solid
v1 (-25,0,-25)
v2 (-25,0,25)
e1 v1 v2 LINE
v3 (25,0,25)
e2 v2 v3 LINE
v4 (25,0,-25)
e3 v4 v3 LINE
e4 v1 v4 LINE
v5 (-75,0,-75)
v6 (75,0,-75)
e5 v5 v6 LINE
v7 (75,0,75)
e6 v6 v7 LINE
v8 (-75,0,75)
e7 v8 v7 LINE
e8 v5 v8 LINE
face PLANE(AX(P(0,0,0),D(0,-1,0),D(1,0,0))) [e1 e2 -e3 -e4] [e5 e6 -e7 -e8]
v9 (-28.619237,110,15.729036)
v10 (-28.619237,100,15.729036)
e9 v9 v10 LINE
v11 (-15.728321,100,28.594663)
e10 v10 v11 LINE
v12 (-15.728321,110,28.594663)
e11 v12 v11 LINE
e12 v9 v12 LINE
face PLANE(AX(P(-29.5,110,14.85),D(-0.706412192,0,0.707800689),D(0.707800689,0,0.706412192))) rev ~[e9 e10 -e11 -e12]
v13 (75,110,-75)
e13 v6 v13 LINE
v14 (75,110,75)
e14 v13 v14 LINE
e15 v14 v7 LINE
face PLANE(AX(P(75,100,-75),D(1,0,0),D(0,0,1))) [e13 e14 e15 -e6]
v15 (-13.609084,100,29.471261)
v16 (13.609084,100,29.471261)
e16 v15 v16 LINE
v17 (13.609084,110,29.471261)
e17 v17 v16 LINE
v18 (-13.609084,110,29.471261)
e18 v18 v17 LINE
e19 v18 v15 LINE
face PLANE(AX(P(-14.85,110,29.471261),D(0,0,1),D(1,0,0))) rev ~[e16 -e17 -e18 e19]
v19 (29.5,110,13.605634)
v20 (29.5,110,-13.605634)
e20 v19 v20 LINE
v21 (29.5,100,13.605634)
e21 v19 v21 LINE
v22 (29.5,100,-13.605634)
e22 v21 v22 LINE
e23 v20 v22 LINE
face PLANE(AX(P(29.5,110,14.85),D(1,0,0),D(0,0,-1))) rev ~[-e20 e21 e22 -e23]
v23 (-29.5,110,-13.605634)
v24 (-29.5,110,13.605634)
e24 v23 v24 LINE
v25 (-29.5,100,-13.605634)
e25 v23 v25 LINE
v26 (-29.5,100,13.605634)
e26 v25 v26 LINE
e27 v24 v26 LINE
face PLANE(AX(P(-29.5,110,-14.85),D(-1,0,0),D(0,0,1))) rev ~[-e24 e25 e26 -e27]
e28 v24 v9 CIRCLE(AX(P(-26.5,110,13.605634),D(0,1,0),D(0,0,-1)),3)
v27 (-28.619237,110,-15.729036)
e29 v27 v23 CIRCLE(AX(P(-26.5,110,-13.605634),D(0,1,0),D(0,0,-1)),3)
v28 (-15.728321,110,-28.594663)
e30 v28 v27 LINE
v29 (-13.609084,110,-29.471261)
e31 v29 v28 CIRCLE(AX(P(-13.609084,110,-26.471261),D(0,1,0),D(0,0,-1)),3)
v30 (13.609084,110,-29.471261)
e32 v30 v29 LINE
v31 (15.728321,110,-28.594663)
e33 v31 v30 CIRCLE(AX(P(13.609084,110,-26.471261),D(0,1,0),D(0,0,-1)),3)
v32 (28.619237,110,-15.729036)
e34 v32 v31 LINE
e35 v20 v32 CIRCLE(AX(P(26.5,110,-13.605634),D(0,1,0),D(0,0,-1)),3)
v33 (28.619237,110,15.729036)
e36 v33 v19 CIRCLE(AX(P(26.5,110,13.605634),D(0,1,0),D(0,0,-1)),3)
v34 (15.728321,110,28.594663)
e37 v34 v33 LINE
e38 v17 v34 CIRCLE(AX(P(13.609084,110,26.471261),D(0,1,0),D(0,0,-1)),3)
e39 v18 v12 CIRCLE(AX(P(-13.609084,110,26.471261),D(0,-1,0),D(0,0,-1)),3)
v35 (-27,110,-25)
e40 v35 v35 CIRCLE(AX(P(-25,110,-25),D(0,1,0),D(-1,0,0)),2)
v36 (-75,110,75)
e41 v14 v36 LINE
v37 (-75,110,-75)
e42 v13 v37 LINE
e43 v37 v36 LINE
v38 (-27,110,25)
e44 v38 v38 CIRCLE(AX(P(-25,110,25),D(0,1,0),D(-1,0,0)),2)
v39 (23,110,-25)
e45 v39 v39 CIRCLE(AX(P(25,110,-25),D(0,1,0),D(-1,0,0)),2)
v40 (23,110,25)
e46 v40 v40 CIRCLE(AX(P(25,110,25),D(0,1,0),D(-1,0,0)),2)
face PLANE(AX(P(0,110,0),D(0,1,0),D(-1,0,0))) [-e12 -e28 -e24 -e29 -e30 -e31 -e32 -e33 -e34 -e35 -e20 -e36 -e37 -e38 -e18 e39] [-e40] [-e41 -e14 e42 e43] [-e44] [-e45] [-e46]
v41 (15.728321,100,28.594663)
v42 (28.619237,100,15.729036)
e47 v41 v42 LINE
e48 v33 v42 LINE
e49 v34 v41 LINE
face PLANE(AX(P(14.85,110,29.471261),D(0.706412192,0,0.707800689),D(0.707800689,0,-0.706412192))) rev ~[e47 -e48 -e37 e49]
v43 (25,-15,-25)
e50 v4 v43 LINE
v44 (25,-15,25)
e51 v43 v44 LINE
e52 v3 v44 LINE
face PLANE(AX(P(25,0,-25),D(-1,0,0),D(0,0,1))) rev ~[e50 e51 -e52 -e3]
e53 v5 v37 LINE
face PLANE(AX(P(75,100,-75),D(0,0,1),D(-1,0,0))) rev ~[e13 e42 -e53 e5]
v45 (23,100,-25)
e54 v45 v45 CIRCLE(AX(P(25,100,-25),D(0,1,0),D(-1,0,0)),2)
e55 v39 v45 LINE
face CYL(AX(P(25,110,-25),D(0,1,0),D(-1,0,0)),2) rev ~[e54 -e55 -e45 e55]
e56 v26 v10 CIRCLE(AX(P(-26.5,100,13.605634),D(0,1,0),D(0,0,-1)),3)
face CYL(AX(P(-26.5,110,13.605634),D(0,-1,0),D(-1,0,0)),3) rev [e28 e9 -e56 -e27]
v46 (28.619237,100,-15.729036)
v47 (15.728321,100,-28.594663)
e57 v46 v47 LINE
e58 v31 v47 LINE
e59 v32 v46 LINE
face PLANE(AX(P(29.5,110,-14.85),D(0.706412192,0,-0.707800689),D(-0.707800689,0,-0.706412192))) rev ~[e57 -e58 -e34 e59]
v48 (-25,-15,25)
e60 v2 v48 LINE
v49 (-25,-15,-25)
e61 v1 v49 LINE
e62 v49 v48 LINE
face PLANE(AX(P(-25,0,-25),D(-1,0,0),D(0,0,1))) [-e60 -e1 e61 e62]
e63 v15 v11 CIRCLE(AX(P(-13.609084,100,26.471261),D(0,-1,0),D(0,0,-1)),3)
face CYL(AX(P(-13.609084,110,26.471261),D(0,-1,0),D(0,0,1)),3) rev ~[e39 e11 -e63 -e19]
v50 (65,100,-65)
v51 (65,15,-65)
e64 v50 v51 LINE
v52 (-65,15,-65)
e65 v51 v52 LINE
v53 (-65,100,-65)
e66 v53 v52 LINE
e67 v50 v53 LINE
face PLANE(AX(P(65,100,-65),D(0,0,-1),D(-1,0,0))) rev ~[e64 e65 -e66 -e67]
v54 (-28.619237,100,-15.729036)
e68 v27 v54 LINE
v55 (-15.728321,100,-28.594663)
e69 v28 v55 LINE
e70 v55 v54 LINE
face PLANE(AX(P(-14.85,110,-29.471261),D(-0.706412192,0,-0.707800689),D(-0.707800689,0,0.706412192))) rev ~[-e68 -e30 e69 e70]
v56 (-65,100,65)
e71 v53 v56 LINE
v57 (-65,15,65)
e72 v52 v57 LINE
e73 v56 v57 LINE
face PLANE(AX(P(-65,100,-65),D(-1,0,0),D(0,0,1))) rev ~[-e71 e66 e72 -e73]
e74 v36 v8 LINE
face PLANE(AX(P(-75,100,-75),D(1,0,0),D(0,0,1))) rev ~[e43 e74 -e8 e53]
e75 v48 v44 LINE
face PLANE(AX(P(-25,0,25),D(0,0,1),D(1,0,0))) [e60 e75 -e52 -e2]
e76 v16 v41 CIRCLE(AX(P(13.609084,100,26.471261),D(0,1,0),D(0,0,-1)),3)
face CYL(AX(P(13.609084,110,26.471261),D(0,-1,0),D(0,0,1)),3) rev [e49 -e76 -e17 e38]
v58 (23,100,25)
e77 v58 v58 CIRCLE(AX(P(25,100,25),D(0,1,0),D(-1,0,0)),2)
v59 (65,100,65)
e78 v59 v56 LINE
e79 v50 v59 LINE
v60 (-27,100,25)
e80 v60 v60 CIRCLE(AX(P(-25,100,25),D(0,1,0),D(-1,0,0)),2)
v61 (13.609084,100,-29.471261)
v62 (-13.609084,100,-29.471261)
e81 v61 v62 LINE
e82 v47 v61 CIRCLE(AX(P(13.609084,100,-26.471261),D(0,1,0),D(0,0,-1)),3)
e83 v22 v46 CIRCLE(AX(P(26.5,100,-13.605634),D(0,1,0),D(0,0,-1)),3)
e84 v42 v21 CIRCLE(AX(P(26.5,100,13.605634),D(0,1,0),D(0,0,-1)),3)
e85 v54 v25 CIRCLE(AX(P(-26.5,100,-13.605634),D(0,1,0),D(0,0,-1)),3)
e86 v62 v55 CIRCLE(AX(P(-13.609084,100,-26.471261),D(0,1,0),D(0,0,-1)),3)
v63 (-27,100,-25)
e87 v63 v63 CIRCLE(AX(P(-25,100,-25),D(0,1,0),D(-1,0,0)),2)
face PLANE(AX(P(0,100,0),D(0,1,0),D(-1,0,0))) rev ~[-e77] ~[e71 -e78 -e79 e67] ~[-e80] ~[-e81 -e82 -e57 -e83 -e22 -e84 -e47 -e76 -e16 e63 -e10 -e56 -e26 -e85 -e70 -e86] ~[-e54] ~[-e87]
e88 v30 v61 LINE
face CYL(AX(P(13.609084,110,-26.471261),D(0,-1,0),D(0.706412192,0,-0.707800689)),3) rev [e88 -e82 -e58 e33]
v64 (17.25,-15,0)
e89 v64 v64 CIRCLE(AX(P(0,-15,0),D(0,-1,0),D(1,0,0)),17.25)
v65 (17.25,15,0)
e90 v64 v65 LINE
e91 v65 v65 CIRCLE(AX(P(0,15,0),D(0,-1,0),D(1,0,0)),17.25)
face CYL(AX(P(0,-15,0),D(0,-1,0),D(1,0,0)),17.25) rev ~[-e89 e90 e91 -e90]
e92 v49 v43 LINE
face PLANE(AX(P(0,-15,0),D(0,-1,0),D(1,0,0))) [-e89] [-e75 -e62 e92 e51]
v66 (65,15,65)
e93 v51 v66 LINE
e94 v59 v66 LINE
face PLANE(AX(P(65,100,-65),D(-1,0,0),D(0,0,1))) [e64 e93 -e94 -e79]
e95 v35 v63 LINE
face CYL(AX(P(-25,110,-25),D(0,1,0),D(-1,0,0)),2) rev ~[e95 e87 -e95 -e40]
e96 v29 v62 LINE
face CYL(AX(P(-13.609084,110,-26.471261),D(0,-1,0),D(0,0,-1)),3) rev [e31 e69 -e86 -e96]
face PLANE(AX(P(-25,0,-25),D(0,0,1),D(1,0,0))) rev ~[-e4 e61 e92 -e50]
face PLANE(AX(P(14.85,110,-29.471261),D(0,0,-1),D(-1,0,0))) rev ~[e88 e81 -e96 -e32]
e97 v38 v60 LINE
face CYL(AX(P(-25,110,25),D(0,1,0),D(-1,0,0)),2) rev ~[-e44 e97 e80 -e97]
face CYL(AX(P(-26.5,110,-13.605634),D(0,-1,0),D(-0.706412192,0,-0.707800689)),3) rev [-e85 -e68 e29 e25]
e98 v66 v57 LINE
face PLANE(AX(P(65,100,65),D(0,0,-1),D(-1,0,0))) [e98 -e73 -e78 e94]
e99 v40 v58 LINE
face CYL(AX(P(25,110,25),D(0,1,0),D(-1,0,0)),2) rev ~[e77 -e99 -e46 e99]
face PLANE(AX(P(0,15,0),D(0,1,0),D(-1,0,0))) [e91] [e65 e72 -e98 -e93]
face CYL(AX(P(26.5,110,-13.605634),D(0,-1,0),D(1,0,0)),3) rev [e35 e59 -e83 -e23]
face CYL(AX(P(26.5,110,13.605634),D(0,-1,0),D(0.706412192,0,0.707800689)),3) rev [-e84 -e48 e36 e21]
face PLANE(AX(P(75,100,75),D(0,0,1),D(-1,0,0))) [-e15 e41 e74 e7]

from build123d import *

# Parameters (mm, degrees)
F0_W      = 150
F0_H      = 150
F1_DEPTH  = 100
F2_W      = 130
F2_H      = 130
F3_DEPTH  = 85
F4_W      = 150
F4_H      = 150
F5_DEPTH  = 10
F6_W      = 50
F6_H      = 50
F7_DEPTH  = 15
F8_R      = 17.25
F9_DEPTH  = 30
F10_R     = 2
F11_DEPTH = 10
F13_DEPTH = 10
F14_R     = 3


with BuildPart() as f1:
    # F0 (on Front) → F1 (new body)
    with BuildSketch(Plane.XZ):
        Rectangle(F0_W, F0_H)
    extrude(amount=-F1_DEPTH)

    # F2 (on face) → F3 (cut)
    with BuildSketch(Plane(origin=(0, 100, 0), x_dir=(-1, 0, 0), z_dir=(0, 1, 0))):
        Rectangle(F2_W, F2_H)
    extrude(amount=-F3_DEPTH, mode=Mode.SUBTRACT)

    # F4 (on face) → F5 (join)
    with BuildSketch(Plane(origin=(0, 100, 0), x_dir=(-1, 0, 0), z_dir=(0, 1, 0))):
        Rectangle(F4_W, F4_H)
    extrude(amount=F5_DEPTH)

    # F6 (on face) → F7 (join)
    with BuildSketch(Plane.XZ):
        Rectangle(F6_W, F6_H)
    extrude(amount=F7_DEPTH)

    # F8 (on face) → F9 (cut, through all)
    with BuildSketch(Plane.XZ.offset(15)):
        Circle(F8_R)
    extrude(amount=-F9_DEPTH, mode=Mode.SUBTRACT)

    # F10 (on face) → F11 (cut, through all)
    with BuildSketch(Plane(origin=(0, 110, 0), x_dir=(-1, 0, 0), z_dir=(0, 1, 0))):
        with Locations((25, 25)):
            Circle(F10_R)
        with Locations((25, -25)):
            Circle(F10_R)
        with Locations((-25, 25)):
            Circle(F10_R)
        with Locations((-25, -25)):
            Circle(F10_R)
    extrude(amount=-F11_DEPTH, mode=Mode.SUBTRACT)

    # F12 (on face) → F13 (cut, through all)
    with BuildSketch(Plane(origin=(0, 110, 0), x_dir=(-1, 0, 0), z_dir=(0, 1, 0))):
        Polygon((14.85, 29.471261), (-14.85, 29.471261), (-29.5, 14.85), (-29.5, -14.85), (-14.85, -29.471261), (14.85, -29.471261), (29.5, -14.85), (29.5, 14.85), align=None)
    extrude(amount=-F13_DEPTH, mode=Mode.SUBTRACT)

    # F14
    f14_edges = [f1.edges().sort_by_distance(p)[0] for p in [
        (29.5, 105, 14.85),
        (14.85, 105, 29.471261),
        (29.5, 105, -14.85),
        (14.85, 105, -29.471261),
        (-14.85, 105, -29.471261),
        (-14.85, 105, 29.471261),
        (-29.5, 105, 14.85),
        (-29.5, 105, -14.85),
    ]]
    fillet(f14_edges, radius=F14_R)


solid = f1.part
